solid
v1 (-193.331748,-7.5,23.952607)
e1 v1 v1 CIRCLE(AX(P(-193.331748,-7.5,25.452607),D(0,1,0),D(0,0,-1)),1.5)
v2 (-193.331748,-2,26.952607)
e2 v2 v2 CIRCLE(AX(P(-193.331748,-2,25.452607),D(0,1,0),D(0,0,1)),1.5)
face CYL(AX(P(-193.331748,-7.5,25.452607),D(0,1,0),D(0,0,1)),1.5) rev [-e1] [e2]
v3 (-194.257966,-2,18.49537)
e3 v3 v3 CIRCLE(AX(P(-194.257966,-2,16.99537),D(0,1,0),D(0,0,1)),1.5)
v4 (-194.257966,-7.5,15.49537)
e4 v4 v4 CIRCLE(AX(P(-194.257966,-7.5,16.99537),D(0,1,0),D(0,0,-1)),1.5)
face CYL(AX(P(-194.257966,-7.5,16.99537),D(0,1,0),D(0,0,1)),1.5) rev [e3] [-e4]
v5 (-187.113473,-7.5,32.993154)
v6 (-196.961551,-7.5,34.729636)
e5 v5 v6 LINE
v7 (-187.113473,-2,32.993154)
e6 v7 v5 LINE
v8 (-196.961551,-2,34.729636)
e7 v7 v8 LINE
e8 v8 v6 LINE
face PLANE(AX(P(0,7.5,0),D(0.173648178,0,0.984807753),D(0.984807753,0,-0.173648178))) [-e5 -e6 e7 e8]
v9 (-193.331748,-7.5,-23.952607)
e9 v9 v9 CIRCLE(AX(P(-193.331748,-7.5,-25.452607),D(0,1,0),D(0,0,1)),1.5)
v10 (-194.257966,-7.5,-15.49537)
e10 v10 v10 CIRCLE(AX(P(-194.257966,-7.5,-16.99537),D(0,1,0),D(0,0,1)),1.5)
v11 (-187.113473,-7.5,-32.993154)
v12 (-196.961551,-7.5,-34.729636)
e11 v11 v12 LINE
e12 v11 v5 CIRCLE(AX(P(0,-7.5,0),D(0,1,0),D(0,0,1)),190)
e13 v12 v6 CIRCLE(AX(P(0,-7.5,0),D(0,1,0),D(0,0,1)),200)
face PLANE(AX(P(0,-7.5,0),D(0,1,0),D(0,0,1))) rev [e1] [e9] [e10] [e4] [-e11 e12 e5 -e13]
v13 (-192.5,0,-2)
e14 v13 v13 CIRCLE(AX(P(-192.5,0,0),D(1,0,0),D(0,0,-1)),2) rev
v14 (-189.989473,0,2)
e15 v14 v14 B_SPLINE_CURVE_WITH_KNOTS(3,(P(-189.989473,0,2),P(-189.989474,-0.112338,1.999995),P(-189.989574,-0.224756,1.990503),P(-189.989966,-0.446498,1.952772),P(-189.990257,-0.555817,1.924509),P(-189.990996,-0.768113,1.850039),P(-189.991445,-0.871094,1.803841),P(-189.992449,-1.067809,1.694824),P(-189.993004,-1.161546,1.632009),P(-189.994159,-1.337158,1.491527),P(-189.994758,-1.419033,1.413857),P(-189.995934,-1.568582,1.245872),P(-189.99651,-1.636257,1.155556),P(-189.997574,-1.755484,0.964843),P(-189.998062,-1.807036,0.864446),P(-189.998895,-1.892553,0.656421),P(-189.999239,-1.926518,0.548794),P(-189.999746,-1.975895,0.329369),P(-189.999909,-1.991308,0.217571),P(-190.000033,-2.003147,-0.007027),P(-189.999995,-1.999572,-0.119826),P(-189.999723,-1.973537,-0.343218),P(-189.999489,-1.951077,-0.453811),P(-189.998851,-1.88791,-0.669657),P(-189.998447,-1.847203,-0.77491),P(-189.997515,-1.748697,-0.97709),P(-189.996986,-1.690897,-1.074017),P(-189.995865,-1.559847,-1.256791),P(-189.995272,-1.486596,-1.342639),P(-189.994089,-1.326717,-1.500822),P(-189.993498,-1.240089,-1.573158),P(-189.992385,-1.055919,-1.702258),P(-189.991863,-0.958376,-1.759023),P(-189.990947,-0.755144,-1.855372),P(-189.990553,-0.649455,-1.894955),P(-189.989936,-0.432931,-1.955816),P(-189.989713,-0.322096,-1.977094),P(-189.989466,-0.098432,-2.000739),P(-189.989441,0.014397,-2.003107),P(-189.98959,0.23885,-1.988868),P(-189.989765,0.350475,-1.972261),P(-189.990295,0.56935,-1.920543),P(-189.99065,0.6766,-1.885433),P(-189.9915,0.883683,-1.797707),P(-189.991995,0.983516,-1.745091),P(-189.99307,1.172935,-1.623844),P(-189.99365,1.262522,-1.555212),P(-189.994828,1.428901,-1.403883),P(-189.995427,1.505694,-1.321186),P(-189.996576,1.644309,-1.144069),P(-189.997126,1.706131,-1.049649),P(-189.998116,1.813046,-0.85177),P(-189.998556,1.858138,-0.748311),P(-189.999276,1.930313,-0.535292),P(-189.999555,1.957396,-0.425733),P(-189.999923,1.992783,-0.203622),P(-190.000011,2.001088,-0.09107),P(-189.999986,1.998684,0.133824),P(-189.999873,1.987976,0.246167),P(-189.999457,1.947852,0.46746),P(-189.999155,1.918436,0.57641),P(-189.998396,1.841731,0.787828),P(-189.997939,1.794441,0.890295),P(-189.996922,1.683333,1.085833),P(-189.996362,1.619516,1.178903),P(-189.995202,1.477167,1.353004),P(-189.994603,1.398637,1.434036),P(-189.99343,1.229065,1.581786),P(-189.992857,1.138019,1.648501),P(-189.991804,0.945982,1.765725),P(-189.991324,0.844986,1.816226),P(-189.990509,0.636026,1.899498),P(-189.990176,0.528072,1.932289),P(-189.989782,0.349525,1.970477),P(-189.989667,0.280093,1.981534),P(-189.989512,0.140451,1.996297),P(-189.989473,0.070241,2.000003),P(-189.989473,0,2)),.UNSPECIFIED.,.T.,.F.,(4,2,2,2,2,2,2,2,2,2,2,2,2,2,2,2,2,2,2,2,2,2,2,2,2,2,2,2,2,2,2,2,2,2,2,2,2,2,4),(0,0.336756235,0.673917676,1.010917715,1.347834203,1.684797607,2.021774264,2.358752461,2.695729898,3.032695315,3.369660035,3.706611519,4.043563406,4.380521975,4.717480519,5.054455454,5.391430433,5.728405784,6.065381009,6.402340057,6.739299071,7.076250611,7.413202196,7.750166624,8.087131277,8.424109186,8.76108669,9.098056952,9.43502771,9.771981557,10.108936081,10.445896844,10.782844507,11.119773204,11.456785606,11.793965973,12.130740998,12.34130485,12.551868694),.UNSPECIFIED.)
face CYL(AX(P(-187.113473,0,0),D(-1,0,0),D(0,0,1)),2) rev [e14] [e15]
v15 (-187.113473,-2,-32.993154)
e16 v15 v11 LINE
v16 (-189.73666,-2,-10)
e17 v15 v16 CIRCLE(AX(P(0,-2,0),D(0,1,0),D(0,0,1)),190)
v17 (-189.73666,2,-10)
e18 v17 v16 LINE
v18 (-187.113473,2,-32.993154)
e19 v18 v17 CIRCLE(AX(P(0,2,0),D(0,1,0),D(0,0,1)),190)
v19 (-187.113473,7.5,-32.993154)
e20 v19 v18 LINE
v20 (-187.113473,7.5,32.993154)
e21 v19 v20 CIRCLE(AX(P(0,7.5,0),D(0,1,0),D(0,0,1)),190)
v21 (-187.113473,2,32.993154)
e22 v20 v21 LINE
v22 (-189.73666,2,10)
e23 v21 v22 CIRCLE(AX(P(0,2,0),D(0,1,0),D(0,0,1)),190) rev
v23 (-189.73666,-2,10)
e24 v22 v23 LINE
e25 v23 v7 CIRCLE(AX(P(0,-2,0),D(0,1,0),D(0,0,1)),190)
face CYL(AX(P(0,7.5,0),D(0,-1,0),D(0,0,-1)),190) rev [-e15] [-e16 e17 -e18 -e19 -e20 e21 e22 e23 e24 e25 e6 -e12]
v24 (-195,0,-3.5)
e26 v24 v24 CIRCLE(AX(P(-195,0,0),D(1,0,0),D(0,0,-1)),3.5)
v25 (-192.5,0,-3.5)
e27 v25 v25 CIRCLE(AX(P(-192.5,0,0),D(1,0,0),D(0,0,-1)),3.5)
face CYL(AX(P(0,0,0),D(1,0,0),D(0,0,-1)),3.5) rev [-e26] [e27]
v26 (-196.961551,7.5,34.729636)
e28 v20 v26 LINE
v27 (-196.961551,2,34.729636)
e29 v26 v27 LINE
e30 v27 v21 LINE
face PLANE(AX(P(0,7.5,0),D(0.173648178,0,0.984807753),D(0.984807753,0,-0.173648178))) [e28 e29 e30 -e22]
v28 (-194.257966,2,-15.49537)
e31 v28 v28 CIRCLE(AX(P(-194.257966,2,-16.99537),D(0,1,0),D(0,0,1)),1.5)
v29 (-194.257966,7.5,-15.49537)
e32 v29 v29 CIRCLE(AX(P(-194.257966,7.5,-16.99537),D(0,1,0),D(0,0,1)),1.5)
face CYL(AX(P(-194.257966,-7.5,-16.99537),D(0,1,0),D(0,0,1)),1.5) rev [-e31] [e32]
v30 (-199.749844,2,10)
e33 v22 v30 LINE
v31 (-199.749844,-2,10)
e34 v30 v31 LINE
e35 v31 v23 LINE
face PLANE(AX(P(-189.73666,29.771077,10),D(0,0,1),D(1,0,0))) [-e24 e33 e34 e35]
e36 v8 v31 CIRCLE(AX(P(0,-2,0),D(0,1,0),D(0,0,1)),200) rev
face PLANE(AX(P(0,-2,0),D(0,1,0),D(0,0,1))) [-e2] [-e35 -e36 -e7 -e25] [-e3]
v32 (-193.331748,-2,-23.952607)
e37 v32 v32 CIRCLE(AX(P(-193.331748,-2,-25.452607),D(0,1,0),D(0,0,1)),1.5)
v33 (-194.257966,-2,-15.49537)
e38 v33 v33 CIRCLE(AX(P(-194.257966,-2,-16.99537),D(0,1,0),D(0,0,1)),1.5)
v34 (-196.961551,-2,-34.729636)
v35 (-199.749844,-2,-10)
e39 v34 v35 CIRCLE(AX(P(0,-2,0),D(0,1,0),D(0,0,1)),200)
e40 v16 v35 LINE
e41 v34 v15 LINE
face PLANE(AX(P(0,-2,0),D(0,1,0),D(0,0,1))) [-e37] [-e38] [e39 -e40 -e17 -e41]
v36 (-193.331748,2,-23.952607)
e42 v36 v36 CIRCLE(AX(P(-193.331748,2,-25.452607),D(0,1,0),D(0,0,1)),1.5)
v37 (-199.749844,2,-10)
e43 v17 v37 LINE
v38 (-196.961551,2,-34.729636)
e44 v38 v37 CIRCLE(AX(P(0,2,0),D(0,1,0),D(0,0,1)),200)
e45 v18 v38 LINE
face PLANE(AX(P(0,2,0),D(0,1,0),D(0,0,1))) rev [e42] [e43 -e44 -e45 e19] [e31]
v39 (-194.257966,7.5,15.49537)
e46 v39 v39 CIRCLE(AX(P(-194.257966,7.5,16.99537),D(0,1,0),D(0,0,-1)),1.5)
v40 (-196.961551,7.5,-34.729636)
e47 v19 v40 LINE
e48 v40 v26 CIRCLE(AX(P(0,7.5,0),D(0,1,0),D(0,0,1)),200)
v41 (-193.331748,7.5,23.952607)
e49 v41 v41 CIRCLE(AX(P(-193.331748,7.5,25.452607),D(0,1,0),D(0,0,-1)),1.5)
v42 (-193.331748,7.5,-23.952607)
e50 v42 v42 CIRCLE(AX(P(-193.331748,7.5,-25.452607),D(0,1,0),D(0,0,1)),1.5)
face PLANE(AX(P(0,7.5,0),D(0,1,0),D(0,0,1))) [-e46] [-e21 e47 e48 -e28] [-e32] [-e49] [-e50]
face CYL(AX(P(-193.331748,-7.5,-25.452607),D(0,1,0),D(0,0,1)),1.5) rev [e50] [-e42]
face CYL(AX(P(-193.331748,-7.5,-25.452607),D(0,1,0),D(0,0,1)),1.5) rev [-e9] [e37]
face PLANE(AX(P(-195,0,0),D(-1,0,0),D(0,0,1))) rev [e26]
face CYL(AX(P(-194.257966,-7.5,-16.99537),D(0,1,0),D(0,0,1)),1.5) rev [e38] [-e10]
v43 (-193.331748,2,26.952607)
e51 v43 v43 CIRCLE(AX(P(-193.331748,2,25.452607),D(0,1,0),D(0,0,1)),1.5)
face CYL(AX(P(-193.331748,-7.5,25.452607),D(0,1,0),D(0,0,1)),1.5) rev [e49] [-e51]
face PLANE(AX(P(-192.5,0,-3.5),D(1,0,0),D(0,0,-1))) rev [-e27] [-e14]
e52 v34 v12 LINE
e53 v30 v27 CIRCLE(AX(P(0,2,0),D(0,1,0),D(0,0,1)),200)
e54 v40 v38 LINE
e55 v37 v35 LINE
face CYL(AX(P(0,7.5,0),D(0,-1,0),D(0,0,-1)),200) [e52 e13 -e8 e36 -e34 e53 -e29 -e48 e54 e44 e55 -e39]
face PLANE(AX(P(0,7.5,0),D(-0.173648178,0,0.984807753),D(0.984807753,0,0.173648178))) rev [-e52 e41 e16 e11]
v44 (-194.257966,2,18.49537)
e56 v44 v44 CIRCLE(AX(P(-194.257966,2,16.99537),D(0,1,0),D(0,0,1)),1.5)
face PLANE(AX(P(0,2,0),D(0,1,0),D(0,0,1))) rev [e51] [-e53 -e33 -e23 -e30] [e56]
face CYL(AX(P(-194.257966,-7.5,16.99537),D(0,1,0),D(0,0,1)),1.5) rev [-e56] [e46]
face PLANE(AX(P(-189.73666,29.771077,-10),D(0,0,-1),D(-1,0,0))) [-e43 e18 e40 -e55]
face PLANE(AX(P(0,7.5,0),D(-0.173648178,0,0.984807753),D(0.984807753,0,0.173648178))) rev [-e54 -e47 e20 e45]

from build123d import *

# Parameters (mm, degrees)
BASE_DEPTH            = 7.5
MOUNT_START           = -2
MOUNT_DEPTH           = 4
MOUNT_HOLE_DEPTH      = 204.131478566
MOUNT_HOLE_DEPTH_BACK = 204.131478566
SKETCH12_R            = 1.5
SKETCH14_R            = 2
SHAFT_HOLE_DEPTH      = 37.394984425
SKETCH13_W            = 2.5
SKETCH13_H            = 3.5


with BuildPart() as part:
    # Sketch9 → base (new, symmetric)
    with BuildSketch(Plane(origin=(0, 0, 0), x_dir=(1, 0, 0), z_dir=(0, 1, 0))):
        with BuildLine():
            ThreePointArc((-187.113473072, -32.993153757), (-190, 0), (-187.113473072, 32.993153757))
            Line((-187.113473072, 32.993153757), (-196.961550602, 34.729635533))
            ThreePointArc((-196.961550602, 34.729635533), (-200, 0), (-196.961550602, -34.729635533))
            Line((-196.961550602, -34.729635533), (-187.113473072, -32.993153757))
        make_face()
    extrude(amount=BASE_DEPTH, both=True)

    # Sketch11 → mount (cut)
    with BuildSketch(Plane(origin=(0, 0, 0), x_dir=(1, 0, 0), z_dir=(0, 1, 0)).offset(MOUNT_START)):
        with BuildLine():
            Line((-189.73665961, -10), (-199.749843554, -10))
            ThreePointArc((-199.749843554, -10), (-198.7407137, -22.408228804), (-196.961550602, -34.729635533))
            Line((-196.961550602, -34.729635533), (-187.113473072, -32.993153757))
            ThreePointArc((-187.113473072, -32.993153757), (-188.775466906, -21.536552519), (-189.73665961, -10))
        make_face()
        with BuildLine():
            Line((-189.73665961, 10), (-199.749843554, 10))
            ThreePointArc((-199.749843554, 10), (-198.7407137, 22.408228804), (-196.961550602, 34.729635533))
            Line((-196.961550602, 34.729635533), (-187.113473072, 32.993153757))
            ThreePointArc((-187.113473072, 32.993153757), (-188.775466906, 21.536552519), (-189.73665961, 10))
        make_face()
    extrude(amount=MOUNT_DEPTH, mode=Mode.SUBTRACT)

    # Sketch12 → mount hole (cut, two sides: drawn at the far end of the back side and taken through both)
    with BuildSketch(Plane(origin=(0, 0, 0), x_dir=(1, 0, 0), z_dir=(0, 1, 0)).offset(-MOUNT_HOLE_DEPTH_BACK)):
        with Locations(Location((-193.331747968, 25.452607483, 0), (0, 0, 270))):
            Circle(SKETCH12_R)
        with Locations(Location((-194.257966128, 16.995369836, 0), (0, 0, 270))):
            Circle(SKETCH12_R)
        with Locations(Location((-194.257966128, -16.995369836, 0), (0, 0, 270))):
            Circle(SKETCH12_R)
        with Locations(Location((-193.331747968, -25.452607483, 0), (0, 0, 270))):
            Circle(SKETCH12_R)
    extrude(amount=MOUNT_HOLE_DEPTH + MOUNT_HOLE_DEPTH_BACK, mode=Mode.SUBTRACT)

    # Sketch14 → shaft hole (cut, through all)
    with BuildSketch(Plane.ZY.offset(195)):
        Circle(SKETCH14_R)
    extrude(amount=-SHAFT_HOLE_DEPTH, mode=Mode.SUBTRACT)

    # Sketch13 → Cut-Revolve1 (revolve, cut)
    with BuildSketch(Plane(origin=(0, 0, 0), x_dir=(1, 0, 0), z_dir=(0, 1, 0)), mode=Mode.PRIVATE) as cut_revolve1_sk:
        with Locations((-193.75, 1.75)):
            Rectangle(SKETCH13_W, SKETCH13_H)
    revolve(cut_revolve1_sk.sketch.rotate(Axis((0, 0, 0), (-1, 0, 0)), 180), axis=Axis((0, 0, 0), (-1, 0, 0)), mode=Mode.SUBTRACT)


solid = part.part
